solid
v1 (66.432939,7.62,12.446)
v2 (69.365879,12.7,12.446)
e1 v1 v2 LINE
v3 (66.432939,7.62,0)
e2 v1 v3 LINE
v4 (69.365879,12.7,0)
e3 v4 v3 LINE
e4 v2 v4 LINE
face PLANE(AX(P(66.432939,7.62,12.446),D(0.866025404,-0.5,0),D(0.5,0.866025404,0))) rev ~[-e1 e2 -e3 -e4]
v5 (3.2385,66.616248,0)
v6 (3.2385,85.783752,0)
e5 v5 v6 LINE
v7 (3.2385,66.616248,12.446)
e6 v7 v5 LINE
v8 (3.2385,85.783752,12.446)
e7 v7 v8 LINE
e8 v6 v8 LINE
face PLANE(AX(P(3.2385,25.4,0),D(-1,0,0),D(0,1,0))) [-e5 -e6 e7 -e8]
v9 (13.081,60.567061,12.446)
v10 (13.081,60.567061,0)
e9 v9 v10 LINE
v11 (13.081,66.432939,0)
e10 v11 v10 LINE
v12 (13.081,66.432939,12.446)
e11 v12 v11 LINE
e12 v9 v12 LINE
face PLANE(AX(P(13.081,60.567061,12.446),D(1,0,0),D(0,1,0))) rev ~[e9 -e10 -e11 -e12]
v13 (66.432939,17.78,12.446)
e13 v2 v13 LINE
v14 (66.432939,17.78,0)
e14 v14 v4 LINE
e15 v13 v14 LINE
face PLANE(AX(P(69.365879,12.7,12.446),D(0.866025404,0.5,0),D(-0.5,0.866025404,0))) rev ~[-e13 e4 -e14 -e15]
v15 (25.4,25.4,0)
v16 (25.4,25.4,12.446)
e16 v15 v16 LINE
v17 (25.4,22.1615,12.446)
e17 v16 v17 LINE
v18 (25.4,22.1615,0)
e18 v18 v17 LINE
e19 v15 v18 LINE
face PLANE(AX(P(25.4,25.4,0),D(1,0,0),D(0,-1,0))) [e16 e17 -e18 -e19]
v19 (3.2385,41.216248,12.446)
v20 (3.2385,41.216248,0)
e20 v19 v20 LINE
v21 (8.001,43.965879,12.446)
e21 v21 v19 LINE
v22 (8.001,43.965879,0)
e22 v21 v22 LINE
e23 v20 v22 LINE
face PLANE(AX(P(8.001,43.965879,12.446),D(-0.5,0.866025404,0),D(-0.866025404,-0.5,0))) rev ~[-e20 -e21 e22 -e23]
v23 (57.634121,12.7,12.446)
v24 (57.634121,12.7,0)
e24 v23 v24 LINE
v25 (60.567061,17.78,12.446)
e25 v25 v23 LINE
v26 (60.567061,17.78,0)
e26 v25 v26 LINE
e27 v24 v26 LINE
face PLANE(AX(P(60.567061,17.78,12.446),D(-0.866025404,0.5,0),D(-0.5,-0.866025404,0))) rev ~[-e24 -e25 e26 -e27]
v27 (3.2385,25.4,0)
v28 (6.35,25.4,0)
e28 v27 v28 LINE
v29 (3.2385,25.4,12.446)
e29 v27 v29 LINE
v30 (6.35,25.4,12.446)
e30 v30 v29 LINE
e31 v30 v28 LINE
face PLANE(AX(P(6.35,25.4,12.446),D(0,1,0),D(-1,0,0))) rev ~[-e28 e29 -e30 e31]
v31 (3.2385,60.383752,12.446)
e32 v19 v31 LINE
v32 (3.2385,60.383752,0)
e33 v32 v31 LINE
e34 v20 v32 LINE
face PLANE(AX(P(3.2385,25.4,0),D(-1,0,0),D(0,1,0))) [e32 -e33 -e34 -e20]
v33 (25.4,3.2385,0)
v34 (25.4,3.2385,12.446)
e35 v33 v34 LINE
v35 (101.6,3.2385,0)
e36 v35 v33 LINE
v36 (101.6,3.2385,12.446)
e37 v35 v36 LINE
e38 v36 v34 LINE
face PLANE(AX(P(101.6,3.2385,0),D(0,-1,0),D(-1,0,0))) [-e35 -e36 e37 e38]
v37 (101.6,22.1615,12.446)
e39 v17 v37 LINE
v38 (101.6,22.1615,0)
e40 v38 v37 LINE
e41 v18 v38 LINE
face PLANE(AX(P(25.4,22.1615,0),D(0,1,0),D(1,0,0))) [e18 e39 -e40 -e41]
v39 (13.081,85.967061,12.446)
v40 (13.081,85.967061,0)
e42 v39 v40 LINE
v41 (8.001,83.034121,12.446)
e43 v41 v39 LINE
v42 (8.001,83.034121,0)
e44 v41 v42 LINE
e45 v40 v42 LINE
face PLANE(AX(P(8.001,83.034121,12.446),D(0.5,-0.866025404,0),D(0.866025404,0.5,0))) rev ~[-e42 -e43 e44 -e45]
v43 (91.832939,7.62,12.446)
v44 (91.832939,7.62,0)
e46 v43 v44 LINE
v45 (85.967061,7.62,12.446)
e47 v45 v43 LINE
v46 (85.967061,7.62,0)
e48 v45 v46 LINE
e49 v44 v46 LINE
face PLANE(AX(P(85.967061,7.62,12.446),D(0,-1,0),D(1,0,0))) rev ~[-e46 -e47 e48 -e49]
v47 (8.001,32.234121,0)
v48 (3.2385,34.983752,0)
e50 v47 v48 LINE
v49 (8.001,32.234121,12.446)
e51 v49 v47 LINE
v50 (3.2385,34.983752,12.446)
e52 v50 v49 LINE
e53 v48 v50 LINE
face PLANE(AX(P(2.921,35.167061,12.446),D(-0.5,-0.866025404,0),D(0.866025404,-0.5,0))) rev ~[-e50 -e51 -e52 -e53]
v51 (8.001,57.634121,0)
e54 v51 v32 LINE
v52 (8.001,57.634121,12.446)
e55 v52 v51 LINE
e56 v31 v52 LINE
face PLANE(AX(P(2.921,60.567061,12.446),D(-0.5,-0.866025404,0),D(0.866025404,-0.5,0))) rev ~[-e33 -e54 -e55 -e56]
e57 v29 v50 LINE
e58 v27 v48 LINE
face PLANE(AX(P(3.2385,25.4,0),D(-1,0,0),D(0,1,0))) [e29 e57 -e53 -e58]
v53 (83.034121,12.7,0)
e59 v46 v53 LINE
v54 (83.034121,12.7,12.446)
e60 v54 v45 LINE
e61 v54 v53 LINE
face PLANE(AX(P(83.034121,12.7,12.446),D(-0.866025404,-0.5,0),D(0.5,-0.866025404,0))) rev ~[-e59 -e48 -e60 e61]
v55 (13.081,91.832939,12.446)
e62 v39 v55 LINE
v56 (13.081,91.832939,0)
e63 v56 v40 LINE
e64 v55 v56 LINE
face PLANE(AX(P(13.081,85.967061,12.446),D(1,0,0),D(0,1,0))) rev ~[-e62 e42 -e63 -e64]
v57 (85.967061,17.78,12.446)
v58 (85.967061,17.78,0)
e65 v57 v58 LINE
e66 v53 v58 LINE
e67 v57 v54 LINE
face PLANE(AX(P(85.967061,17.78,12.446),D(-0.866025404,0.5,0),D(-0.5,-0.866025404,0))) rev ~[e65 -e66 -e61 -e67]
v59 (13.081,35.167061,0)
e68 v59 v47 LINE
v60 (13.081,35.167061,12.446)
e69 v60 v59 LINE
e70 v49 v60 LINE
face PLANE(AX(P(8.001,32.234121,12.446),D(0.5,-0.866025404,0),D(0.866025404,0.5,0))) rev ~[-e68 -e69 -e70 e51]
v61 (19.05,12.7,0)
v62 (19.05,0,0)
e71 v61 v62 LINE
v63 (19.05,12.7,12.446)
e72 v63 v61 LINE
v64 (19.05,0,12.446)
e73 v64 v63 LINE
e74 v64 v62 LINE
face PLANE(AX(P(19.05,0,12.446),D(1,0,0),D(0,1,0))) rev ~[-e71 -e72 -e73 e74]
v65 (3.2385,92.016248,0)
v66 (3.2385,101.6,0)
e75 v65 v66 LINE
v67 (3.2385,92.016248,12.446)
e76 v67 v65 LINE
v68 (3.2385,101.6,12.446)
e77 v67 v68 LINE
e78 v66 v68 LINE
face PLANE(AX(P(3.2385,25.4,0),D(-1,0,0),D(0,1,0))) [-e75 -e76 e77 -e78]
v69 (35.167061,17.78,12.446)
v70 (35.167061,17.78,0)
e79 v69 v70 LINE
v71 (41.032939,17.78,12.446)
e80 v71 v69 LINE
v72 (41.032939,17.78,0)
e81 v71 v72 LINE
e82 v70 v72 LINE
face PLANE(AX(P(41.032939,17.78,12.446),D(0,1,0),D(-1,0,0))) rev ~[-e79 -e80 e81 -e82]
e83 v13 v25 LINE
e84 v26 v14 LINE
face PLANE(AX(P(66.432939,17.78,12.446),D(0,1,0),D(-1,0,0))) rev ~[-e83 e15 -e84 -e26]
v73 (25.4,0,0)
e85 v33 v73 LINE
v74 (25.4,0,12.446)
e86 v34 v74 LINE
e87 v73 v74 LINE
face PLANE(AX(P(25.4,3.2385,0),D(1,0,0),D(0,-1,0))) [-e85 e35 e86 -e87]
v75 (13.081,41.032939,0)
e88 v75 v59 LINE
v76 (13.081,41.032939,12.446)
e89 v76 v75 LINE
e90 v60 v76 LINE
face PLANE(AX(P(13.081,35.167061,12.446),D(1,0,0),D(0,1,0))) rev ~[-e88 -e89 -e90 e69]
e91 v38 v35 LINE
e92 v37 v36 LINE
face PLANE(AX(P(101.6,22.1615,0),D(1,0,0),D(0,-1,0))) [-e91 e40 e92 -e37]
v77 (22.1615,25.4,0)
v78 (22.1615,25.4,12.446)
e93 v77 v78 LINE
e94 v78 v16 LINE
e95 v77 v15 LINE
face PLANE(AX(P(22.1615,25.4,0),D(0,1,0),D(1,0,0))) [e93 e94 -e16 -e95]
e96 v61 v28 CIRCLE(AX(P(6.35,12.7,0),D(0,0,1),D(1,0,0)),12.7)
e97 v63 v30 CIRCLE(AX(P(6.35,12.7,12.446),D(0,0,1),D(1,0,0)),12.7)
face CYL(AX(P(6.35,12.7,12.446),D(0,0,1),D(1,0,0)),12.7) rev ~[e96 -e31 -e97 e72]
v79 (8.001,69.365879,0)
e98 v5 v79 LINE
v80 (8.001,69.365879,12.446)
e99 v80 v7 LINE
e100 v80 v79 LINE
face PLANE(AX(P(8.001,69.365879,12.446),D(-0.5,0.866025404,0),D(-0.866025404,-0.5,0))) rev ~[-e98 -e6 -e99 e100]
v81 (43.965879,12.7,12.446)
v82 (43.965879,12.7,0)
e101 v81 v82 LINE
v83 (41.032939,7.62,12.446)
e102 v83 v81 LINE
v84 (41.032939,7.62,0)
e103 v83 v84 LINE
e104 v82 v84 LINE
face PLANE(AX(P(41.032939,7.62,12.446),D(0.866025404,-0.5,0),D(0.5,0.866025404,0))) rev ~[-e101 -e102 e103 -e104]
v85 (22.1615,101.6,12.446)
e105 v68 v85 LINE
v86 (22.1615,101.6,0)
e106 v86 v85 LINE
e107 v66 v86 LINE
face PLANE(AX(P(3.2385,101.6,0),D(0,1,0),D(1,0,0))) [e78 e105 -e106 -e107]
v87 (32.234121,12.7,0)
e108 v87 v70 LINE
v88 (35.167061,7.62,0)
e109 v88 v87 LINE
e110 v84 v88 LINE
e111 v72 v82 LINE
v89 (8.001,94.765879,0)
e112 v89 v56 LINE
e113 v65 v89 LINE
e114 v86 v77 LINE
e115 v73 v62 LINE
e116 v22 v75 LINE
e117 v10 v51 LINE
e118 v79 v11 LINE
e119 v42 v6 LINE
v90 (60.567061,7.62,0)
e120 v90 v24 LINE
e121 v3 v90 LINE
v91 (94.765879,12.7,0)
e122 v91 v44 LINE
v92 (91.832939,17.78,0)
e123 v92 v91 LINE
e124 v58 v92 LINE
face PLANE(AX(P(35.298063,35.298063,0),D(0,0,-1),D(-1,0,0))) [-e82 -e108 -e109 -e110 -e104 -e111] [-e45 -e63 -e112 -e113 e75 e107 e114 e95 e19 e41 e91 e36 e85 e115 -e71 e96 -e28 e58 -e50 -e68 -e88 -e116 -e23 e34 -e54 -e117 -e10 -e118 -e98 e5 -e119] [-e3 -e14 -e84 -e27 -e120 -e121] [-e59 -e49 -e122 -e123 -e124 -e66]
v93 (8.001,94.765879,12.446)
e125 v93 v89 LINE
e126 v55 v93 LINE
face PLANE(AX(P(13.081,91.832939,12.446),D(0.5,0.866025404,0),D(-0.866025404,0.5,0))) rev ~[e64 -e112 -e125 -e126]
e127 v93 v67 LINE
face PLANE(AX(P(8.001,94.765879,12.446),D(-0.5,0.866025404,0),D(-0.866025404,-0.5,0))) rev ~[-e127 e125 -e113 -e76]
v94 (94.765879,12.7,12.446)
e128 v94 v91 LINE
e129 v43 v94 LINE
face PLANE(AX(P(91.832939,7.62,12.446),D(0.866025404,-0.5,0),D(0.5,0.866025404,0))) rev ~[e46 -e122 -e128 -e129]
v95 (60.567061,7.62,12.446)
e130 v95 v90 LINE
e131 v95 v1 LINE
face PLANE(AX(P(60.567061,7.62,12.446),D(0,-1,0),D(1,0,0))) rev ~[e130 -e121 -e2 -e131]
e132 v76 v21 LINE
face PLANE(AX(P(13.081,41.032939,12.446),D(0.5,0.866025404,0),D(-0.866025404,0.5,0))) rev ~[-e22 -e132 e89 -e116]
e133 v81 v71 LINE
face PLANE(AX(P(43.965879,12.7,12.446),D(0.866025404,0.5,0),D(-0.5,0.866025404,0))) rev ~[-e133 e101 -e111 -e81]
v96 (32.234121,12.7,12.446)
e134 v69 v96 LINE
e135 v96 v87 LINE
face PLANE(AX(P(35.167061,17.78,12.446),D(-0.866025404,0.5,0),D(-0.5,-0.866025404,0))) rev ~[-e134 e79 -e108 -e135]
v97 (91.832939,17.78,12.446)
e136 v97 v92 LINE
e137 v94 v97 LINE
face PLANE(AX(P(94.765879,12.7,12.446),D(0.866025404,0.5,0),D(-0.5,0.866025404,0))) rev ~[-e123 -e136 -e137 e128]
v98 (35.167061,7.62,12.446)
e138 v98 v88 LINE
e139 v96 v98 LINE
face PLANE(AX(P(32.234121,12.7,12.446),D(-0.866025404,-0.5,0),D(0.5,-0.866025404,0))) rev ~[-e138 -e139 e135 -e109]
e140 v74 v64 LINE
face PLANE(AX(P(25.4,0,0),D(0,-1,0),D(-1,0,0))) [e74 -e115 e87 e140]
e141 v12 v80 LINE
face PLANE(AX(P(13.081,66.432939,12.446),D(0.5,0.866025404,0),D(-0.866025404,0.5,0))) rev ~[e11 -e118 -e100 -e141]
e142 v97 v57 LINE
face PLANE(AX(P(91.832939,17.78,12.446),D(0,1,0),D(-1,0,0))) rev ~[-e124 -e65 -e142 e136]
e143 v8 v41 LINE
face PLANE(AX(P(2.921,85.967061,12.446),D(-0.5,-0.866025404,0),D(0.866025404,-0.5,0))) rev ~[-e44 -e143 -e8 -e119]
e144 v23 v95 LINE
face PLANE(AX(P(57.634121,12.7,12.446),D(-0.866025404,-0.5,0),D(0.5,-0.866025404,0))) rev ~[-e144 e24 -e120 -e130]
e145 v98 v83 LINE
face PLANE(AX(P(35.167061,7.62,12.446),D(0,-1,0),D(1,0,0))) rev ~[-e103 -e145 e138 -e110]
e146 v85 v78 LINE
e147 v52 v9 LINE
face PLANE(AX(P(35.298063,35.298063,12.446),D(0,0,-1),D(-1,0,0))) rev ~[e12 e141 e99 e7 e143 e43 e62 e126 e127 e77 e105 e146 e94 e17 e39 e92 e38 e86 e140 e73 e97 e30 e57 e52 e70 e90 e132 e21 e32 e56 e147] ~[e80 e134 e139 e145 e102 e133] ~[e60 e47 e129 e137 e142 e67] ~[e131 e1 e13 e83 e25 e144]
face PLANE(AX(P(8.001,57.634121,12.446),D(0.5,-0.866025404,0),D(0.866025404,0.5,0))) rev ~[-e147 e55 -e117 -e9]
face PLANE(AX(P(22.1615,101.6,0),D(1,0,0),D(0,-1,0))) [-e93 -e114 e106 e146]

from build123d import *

# Parameters (mm, degrees)
BOSS_EXTRUDE1_DEPTH    = 12.446
CUT_EXTRUDE1_DEPTH     = 145.222130465
F_10_CLEARANCE_HOLE1_D = 5.1054
CUT_EXTRUDE2_DEPTH     = 145.222130465


with BuildPart() as part:
    # Sketch1 → Boss-Extrude1 (new body)
    with BuildSketch(Plane.XY):
        Polygon((0, 0), (0, 25.4), (3.2385, 25.4), (3.2385, 101.6), (22.1615, 101.6), (22.1615, 25.4), (25.4, 25.4), (25.4, 22.1615), (101.6, 22.1615), (101.6, 3.2385), (25.4, 3.2385), (25.4, 0), align=None)
    extrude(amount=BOSS_EXTRUDE1_DEPTH)

    # Sketch2 → Cut-Extrude1 (cut, through all)
    with BuildSketch(Plane.XY.offset(12.446)):
        with BuildLine():
            Line((6.35, 25.4), (0, 25.4))
            Line((0, 25.4), (0, 0))
            Line((0, 0), (19.05, 0))
            Line((19.05, 0), (19.05, 12.7))
            ThreePointArc((19.05, 12.7), (15.330256121, 21.680256121), (6.35, 25.4))
        make_face()
    extrude(amount=-CUT_EXTRUDE1_DEPTH, mode=Mode.SUBTRACT)

    # #10 Clearance Hole1 (through all)
    with Locations(Plane.XY.offset(12.446)):
        with Locations((88.9, 12.7), (8.001, 88.9), (8.001, 63.5), (8.001, 38.1), (38.1, 12.7), (63.5, 12.7)):
            Hole(F_10_CLEARANCE_HOLE1_D / 2)

    # Sketch5 → Cut-Extrude2 (cut, through all)
    with BuildSketch(Plane.XY.offset(12.446)):
        Polygon((13.081, 85.967060633), (13.081, 91.832939367), (8.001, 94.765878735), (2.921, 91.832939367), (2.921, 85.967060633), (8.001, 83.034121265), align=None)
        Polygon((13.081, 60.567060633), (13.081, 66.432939367), (8.001, 69.365878735), (2.921, 66.432939367), (2.921, 60.567060633), (8.001, 57.634121265), align=None)
        Polygon((13.081, 35.167060633), (13.081, 41.032939367), (8.001, 43.965878735), (2.921, 41.032939367), (2.921, 35.167060633), (8.001, 32.234121265), align=None)
        Polygon((41.032939367, 7.62), (43.965878735, 12.7), (41.032939367, 17.78), (35.167060633, 17.78), (32.234121265, 12.7), (35.167060633, 7.62), align=None)
        Polygon((66.432939367, 7.62), (69.365878735, 12.7), (66.432939367, 17.78), (60.567060633, 17.78), (57.634121265, 12.7), (60.567060633, 7.62), align=None)
        Polygon((91.832939367, 7.62), (94.765878735, 12.7), (91.832939367, 17.78), (85.967060633, 17.78), (83.034121265, 12.7), (85.967060633, 7.62), align=None)
    extrude(amount=-CUT_EXTRUDE2_DEPTH, mode=Mode.SUBTRACT)


solid = part.part
